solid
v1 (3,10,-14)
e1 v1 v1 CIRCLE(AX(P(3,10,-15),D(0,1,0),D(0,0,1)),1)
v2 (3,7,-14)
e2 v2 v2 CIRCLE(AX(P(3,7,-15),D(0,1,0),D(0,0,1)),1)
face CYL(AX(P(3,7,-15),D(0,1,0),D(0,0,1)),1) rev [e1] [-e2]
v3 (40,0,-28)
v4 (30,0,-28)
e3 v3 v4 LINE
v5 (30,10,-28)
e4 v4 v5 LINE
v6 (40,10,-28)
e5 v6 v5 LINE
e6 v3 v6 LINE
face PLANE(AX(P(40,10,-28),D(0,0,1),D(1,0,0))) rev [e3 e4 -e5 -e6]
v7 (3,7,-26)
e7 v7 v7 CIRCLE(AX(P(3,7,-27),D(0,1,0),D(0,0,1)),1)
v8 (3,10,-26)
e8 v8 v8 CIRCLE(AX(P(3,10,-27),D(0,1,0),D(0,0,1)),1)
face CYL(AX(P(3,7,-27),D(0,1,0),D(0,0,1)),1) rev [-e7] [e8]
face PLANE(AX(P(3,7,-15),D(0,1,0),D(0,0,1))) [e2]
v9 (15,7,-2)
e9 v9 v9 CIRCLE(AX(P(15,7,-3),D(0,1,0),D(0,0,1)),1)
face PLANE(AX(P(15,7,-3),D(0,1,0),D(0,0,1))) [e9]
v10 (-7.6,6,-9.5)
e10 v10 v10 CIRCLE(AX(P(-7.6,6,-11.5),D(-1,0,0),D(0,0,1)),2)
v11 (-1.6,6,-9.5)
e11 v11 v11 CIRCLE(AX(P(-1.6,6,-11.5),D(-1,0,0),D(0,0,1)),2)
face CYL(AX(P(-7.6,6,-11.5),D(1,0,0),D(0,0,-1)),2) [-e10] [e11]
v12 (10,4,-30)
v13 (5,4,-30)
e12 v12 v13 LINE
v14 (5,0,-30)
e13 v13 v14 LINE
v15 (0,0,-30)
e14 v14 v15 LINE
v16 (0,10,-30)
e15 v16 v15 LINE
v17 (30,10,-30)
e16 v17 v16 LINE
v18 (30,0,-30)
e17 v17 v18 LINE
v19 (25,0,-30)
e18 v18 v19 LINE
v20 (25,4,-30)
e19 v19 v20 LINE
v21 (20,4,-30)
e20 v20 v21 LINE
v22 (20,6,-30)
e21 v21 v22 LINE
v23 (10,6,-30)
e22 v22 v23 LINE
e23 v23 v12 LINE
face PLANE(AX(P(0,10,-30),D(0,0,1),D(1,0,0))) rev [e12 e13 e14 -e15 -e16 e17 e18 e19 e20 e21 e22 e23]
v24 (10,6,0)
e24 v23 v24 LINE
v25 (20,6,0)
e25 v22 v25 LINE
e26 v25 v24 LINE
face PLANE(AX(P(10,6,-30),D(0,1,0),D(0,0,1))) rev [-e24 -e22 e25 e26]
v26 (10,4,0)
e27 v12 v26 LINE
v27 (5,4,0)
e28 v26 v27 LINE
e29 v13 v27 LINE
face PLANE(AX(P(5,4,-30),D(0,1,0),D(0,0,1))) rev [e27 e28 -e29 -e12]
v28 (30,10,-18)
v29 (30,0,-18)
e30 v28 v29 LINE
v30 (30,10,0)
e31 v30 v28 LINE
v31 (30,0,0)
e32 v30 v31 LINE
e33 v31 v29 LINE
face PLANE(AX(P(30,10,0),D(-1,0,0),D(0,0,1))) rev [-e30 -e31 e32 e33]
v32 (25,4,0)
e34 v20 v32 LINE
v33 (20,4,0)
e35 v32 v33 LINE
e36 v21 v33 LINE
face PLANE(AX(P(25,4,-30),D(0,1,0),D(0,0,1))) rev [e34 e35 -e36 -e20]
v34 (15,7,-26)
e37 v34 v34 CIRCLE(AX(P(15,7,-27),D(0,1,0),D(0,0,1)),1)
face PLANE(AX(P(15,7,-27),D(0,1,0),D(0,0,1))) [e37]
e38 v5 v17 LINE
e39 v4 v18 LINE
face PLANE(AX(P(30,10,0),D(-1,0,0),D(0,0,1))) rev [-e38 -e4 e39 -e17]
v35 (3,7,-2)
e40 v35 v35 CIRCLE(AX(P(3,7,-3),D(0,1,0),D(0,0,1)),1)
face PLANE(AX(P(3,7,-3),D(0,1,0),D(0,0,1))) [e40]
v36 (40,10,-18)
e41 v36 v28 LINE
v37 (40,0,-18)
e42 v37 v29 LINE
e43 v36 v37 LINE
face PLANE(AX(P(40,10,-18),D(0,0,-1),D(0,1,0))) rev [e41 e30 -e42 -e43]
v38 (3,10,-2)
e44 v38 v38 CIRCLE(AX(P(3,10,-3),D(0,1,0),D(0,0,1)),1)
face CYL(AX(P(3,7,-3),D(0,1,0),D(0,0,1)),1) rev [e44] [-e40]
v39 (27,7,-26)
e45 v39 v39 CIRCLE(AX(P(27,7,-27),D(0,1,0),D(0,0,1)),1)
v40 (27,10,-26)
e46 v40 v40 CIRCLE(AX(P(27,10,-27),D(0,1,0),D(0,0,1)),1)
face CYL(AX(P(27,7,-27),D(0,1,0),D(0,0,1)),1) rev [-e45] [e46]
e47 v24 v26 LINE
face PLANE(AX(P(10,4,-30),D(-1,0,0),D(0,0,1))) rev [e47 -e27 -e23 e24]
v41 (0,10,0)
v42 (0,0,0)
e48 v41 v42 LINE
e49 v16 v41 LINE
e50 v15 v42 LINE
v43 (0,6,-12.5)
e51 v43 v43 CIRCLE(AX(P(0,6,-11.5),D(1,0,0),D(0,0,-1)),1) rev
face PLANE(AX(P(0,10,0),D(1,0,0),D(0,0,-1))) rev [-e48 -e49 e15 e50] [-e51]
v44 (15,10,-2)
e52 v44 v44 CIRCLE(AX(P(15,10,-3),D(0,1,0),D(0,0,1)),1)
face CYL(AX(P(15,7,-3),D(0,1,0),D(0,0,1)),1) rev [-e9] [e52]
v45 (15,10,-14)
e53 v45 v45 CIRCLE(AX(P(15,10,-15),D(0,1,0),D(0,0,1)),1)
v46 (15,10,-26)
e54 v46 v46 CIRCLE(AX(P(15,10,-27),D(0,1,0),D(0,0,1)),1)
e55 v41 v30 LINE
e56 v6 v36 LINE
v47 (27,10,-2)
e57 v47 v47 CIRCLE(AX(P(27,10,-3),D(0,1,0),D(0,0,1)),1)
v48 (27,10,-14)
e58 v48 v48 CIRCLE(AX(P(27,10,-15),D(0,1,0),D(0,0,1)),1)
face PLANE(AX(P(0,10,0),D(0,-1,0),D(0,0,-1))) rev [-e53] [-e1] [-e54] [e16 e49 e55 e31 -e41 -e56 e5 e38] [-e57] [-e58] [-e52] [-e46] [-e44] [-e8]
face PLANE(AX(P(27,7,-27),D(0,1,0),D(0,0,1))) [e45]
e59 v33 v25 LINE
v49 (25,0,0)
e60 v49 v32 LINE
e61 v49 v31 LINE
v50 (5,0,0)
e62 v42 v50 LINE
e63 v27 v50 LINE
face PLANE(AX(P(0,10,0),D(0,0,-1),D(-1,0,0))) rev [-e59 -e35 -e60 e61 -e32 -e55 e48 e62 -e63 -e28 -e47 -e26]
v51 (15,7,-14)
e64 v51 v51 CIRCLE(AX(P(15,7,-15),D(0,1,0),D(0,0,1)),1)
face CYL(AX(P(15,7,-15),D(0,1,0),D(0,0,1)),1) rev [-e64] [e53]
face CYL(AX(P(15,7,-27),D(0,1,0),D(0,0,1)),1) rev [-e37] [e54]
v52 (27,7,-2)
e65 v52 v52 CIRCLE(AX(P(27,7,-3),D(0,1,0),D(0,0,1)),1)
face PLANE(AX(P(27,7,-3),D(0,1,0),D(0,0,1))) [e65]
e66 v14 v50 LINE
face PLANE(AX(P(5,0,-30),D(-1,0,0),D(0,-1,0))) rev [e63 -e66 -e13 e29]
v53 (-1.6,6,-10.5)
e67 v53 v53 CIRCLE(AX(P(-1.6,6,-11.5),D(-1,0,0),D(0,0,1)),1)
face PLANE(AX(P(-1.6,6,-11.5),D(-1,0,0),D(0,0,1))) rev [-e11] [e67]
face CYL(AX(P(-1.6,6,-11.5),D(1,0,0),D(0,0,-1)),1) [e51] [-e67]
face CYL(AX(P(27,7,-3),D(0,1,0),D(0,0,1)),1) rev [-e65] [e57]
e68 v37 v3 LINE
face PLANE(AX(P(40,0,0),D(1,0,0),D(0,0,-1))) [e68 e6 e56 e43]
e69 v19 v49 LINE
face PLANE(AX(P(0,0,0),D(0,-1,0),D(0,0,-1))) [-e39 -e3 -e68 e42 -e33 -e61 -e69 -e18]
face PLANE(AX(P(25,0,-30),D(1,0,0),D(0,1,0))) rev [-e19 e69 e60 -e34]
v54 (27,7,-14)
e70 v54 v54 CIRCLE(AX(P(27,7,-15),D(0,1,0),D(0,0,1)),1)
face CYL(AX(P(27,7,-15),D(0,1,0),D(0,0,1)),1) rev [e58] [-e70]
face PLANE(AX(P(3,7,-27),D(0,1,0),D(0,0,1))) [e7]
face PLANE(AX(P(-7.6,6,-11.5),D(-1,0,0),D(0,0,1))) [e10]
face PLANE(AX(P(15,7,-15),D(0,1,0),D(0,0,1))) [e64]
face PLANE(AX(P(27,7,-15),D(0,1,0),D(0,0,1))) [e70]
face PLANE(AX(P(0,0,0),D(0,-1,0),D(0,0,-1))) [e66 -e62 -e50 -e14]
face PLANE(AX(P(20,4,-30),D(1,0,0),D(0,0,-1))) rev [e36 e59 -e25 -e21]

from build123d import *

# Parameters (mm, degrees)
SKETCH_1_W          = 30
SKETCH_1_H          = 30
EXTRUDE_1_DEPTH     = 10
CUT_EXTRUDE_1_DEPTH = 44.588989435
SKETCH_3_R          = 1
CUT_EXTRUDE_2_DEPTH = 3
SKETCH_4_W          = 10
SKETCH_4_H          = 10
EXTRUDE_2_DEPTH     = 10
SKETCH_5_R          = 1
EXTRUDE_3_DEPTH     = 1.6
SKETCH_6_R          = 2
EXTRUDE_4_DEPTH     = 6


with BuildPart() as part:
    # Эскиз1 → Бобышка-Вытянуть1 (new body)
    with BuildSketch(Plane(origin=(0, 0, 0), x_dir=(1, 0, 0), z_dir=(0, 1, 0))):
        with Locations((15, 15)):
            Rectangle(SKETCH_1_W, SKETCH_1_H)
    extrude(amount=EXTRUDE_1_DEPTH)

    # Эскиз2 → Вырез-Вытянуть1 (cut, through all)
    with BuildSketch(Plane.XY):
        Polygon((5, 0), (5, 4), (10, 4), (10, 6), (20, 6), (20, 4), (25, 4), (25, 0), align=None)
    extrude(amount=-CUT_EXTRUDE_1_DEPTH, mode=Mode.SUBTRACT)

    # Эскиз3 → Вырез-Вытянуть2 (cut)
    with BuildSketch(Plane(origin=(0, 10, 0), x_dir=(1, 0, 0), z_dir=(0, 1, 0))):
        with Locations(Location((3, 27, 0), (0, 0, 270))):
            Circle(SKETCH_3_R)
        with Locations(Location((15, 27, 0), (0, 0, 270))):
            Circle(SKETCH_3_R)
        with Locations(Location((27, 27, 0), (0, 0, 270))):
            Circle(SKETCH_3_R)
        with Locations(Location((27, 15, 0), (0, 0, 270))):
            Circle(SKETCH_3_R)
        with Locations(Location((27, 3, 0), (0, 0, 270))):
            Circle(SKETCH_3_R)
        with Locations(Location((15, 3, 0), (0, 0, 270))):
            Circle(SKETCH_3_R)
        with Locations(Location((3, 3, 0), (0, 0, 270))):
            Circle(SKETCH_3_R)
        with Locations(Location((3, 15, 0), (0, 0, 270))):
            Circle(SKETCH_3_R)
        with Locations(Location((15, 15, 0), (0, 0, 270))):
            Circle(SKETCH_3_R)
    extrude(amount=-CUT_EXTRUDE_2_DEPTH, mode=Mode.SUBTRACT)

    # Эскиз4 → Бобышка-Вытянуть2 (add)
    with BuildSketch(Plane(origin=(30, 0, 0), x_dir=(0, 0, -1), z_dir=(1, 0, 0))):
        with Locations((23, 5)):
            Rectangle(SKETCH_4_W, SKETCH_4_H)
    extrude(amount=EXTRUDE_2_DEPTH)

    # Эскиз5 → Бобышка-Вытянуть3 (add)
    with BuildSketch(Plane.ZY):
        with Locations(Location((-11.5, 6, 0), (0, 0, 180))):
            Circle(SKETCH_5_R)
    extrude(amount=EXTRUDE_3_DEPTH)

    # Эскиз6 → Бобышка-Вытянуть4 (add)
    with BuildSketch(Plane.ZY.offset(1.6)):
        with Locations((-11.5, 6)):
            Circle(SKETCH_6_R)
    extrude(amount=EXTRUDE_4_DEPTH)


solid = part.part
